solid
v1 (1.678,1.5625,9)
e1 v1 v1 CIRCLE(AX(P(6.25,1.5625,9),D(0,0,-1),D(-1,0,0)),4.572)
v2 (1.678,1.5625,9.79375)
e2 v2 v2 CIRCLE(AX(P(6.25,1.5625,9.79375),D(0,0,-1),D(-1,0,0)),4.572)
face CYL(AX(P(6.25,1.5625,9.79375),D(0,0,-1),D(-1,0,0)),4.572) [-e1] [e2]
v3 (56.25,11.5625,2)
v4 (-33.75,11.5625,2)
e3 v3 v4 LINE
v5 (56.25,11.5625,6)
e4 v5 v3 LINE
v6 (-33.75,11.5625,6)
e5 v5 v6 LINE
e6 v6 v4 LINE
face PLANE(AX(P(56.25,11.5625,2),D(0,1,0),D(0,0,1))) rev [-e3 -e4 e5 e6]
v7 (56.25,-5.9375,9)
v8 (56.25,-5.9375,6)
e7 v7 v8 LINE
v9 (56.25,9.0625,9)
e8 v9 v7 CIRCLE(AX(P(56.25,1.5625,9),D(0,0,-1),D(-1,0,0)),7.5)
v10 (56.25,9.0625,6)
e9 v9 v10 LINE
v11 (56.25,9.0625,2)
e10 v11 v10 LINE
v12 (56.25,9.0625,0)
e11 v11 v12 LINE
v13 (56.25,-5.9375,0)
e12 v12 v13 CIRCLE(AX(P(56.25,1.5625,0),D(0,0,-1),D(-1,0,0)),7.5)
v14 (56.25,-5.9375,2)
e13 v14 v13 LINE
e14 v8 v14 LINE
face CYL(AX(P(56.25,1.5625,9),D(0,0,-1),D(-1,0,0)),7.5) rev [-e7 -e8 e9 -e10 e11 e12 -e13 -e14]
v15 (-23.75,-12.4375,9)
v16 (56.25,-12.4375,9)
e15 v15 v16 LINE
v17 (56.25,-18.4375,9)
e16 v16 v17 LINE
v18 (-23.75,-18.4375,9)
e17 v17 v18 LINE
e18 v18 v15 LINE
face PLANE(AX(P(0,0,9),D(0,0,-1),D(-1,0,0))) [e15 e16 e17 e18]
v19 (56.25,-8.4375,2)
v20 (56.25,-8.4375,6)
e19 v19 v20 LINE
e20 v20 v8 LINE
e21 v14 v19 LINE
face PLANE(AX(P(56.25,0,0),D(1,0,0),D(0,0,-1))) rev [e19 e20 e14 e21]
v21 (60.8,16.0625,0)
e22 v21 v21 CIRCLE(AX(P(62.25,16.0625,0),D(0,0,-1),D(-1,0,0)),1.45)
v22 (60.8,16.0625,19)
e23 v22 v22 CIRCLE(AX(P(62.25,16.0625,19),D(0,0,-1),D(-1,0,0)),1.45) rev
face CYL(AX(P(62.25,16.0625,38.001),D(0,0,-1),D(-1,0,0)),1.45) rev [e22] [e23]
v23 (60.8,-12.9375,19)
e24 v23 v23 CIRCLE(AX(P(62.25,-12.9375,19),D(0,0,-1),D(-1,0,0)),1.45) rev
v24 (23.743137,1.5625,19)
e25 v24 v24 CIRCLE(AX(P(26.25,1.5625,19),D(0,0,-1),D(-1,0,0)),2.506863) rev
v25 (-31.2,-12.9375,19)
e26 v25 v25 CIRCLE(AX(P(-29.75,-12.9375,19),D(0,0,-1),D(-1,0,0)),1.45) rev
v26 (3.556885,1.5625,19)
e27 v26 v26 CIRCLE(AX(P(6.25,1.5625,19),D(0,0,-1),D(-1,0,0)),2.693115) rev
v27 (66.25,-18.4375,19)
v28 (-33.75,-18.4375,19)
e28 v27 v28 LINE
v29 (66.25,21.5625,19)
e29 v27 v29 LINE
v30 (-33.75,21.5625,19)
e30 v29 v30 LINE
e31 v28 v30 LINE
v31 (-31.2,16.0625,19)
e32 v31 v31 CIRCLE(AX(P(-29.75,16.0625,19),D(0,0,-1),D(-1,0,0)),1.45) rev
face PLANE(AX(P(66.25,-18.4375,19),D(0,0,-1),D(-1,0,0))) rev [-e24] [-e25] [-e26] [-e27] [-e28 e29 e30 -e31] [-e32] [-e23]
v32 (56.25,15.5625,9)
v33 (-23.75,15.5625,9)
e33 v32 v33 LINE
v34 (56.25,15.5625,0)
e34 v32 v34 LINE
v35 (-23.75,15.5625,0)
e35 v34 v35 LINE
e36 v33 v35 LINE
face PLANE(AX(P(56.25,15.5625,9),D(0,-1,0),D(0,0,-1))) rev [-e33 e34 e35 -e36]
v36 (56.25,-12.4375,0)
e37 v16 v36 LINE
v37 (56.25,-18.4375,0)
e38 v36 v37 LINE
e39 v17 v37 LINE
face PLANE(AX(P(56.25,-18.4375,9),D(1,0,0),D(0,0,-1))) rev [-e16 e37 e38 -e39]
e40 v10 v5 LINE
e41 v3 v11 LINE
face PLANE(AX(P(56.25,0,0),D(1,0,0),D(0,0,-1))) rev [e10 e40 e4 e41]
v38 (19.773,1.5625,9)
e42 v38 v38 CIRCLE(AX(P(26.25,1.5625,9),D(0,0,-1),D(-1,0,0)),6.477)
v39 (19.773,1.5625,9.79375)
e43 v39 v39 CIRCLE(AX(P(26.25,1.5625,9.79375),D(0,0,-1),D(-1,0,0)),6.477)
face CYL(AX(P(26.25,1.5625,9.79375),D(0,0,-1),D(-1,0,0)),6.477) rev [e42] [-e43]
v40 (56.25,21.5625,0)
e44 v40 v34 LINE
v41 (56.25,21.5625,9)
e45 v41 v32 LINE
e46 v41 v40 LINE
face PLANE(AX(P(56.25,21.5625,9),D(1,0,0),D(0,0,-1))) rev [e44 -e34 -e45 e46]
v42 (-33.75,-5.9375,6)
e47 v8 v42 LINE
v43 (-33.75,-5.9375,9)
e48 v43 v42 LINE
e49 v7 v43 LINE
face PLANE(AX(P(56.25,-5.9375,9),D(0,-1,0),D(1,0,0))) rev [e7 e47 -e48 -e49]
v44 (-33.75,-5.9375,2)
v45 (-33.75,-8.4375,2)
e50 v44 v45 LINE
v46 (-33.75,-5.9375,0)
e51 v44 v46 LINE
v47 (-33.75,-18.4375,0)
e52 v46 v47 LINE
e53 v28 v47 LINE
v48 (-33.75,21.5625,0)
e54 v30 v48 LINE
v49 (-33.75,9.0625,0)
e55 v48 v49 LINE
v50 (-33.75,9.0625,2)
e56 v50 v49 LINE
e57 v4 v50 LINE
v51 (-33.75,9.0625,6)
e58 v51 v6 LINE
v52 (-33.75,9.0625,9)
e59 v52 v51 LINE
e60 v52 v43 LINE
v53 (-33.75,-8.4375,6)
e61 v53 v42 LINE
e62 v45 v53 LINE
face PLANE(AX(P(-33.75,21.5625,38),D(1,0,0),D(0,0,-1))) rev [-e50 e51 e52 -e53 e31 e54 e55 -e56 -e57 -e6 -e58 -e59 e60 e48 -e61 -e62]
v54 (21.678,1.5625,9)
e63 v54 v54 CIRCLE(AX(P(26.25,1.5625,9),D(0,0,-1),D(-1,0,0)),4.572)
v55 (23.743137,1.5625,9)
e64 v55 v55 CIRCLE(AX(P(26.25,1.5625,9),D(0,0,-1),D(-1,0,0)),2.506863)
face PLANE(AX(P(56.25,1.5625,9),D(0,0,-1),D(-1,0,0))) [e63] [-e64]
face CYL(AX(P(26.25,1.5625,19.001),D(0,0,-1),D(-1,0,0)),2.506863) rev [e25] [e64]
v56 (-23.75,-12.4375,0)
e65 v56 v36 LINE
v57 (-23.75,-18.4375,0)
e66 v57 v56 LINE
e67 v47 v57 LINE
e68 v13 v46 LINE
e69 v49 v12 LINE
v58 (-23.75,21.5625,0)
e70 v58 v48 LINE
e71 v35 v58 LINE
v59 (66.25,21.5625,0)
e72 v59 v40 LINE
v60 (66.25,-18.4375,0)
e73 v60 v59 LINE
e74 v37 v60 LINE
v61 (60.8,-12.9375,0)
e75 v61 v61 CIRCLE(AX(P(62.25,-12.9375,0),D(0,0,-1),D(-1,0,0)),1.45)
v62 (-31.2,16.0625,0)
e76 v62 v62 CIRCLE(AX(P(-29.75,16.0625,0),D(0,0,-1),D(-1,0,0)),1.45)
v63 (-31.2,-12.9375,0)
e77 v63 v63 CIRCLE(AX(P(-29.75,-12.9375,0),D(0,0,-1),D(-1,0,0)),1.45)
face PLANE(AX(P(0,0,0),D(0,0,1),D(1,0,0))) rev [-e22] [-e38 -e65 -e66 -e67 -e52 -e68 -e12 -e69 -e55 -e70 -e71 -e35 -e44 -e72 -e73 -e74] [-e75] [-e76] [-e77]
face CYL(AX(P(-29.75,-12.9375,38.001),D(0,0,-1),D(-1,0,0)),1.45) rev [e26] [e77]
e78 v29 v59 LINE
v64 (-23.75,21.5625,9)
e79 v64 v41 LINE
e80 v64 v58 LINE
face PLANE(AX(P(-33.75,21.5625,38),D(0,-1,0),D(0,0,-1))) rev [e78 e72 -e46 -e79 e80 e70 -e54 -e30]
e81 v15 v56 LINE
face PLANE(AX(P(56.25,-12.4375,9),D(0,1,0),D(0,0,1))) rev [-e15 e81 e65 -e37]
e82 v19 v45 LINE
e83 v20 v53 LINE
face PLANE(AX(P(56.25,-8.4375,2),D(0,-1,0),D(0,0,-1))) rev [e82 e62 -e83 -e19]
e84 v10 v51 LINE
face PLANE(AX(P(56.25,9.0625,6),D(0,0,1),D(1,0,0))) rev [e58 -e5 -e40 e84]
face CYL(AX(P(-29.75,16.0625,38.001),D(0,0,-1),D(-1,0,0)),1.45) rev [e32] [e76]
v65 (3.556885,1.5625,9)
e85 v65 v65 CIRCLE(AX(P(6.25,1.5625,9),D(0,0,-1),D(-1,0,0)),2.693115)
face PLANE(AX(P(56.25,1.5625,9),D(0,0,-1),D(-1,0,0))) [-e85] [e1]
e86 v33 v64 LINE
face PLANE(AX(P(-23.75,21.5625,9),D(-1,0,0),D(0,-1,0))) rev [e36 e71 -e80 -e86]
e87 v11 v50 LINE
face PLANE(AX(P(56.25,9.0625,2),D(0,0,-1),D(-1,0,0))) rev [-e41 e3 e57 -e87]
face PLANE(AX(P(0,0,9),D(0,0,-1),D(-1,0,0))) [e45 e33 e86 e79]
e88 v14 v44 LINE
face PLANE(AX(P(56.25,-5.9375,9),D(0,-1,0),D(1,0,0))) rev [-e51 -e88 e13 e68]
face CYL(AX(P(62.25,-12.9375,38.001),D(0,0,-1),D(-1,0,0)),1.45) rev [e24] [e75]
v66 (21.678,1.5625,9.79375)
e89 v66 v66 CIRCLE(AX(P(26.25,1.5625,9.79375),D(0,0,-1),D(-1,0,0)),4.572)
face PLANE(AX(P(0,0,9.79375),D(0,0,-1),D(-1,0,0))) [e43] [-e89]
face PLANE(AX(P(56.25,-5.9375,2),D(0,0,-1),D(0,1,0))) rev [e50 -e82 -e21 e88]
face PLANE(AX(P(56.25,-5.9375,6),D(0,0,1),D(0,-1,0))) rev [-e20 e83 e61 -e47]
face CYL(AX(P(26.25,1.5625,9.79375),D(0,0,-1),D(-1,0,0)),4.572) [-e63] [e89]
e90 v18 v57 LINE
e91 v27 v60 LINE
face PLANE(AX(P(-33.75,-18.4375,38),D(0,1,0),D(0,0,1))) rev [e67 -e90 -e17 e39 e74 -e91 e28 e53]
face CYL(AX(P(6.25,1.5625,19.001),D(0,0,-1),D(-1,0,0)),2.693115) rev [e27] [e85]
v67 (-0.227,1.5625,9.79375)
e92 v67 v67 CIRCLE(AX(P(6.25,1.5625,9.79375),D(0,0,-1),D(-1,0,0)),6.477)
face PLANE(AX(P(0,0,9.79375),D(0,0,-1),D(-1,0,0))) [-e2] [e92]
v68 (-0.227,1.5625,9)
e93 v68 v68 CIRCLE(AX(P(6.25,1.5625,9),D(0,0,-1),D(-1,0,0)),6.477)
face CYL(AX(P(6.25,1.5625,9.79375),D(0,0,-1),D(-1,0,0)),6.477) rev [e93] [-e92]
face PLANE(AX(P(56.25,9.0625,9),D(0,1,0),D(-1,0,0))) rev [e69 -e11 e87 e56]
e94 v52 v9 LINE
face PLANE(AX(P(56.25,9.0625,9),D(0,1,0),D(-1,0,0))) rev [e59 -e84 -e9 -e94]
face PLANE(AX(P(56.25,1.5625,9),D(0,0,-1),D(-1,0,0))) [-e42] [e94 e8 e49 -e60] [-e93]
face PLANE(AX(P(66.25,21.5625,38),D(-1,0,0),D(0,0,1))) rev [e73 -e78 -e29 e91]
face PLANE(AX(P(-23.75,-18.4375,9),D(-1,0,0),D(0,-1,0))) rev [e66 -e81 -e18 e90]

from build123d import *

# Parameters (mm, degrees)
SKETCH1_W           = 100
SKETCH1_H           = 40
BOSS_EXTRUDE1_DEPTH = 38
CUT_EXTRUDE4_REACH  = 81.36
SKETCH4_R           = 1.45
SKETCH6_W           = 100
SKETCH6_H           = 19
CUT_EXTRUDE5_DEPTH  = 87.215210375
CUT_EXTRUDE12_DEPTH = 9
CUT_EXTRUDE13_REACH = 72.385
SKETCH18_R          = 2.506862912
SKETCH18_R_2        = 2.693115416
SKETCH19_R          = 6.477
SKETCH19_R_2        = 4.572
CUT_EXTRUDE14_DEPTH = 0.79375
SKETCH21_W          = 10
SKETCH21_H          = 15
CUT_EXTRUDE15_DEPTH = 9
SKETCH22_W          = 4
SKETCH22_H          = 2.5
CUT_EXTRUDE16_DEPTH = 90
SKETCH23_W          = 80
SKETCH23_H          = 6
CUT_EXTRUDE17_DEPTH = 9


with BuildPart() as part:
    # Sketch1 → Boss-Extrude1 (new body)
    with BuildSketch(Plane.XY):
        with Locations((16.25, 1.5625)):
            Rectangle(SKETCH1_W, SKETCH1_H)
    extrude(amount=BOSS_EXTRUDE1_DEPTH)

    # Sketch4 → Cut-Extrude4 (cut, up to next)
    with BuildSketch(Plane(origin=(0, 0, 0), x_dir=(-1, 0, 0), z_dir=(0, 0, -1)), mode=Mode.PRIVATE) as cut_extrude4_sk1:
        with Locations((-62.25, 16.0625)):
            Circle(SKETCH4_R)
    cut_extrude4_tool1 = extrude(cut_extrude4_sk1.sketch, amount=-CUT_EXTRUDE4_REACH, mode=Mode.PRIVATE) & part.part
    # Sketch4 → Cut-Extrude4 (cut, up to next)
    with BuildSketch(Plane(origin=(0, 0, 0), x_dir=(-1, 0, 0), z_dir=(0, 0, -1)), mode=Mode.PRIVATE) as cut_extrude4_sk2:
        with Locations((-62.25, -12.9375)):
            Circle(SKETCH4_R)
    cut_extrude4_tool2 = extrude(cut_extrude4_sk2.sketch, amount=-CUT_EXTRUDE4_REACH, mode=Mode.PRIVATE) & part.part
    # Sketch4 → Cut-Extrude4 (cut, up to next)
    with BuildSketch(Plane(origin=(0, 0, 0), x_dir=(-1, 0, 0), z_dir=(0, 0, -1)), mode=Mode.PRIVATE) as cut_extrude4_sk3:
        with Locations((29.75, 16.0625)):
            Circle(SKETCH4_R)
    cut_extrude4_tool3 = extrude(cut_extrude4_sk3.sketch, amount=-CUT_EXTRUDE4_REACH, mode=Mode.PRIVATE) & part.part
    # Sketch4 → Cut-Extrude4 (cut, up to next)
    with BuildSketch(Plane(origin=(0, 0, 0), x_dir=(-1, 0, 0), z_dir=(0, 0, -1)), mode=Mode.PRIVATE) as cut_extrude4_sk4:
        with Locations((29.75, -12.9375)):
            Circle(SKETCH4_R)
    cut_extrude4_tool4 = extrude(cut_extrude4_sk4.sketch, amount=-CUT_EXTRUDE4_REACH, mode=Mode.PRIVATE) & part.part
    add(cut_extrude4_tool1.solids().sort_by_distance((62.25, 16.0625, 0))[0], mode=Mode.SUBTRACT)
    add(cut_extrude4_tool2.solids().sort_by_distance((62.25, -12.9375, 0))[0], mode=Mode.SUBTRACT)
    add(cut_extrude4_tool3.solids().sort_by_distance((-29.75, 16.0625, 0))[0], mode=Mode.SUBTRACT)
    add(cut_extrude4_tool4.solids().sort_by_distance((-29.75, -12.9375, 0))[0], mode=Mode.SUBTRACT)

    # Sketch6 → Cut-Extrude5 (cut, through all)
    with BuildSketch(Plane(origin=(0, 21.5625, 0), x_dir=(1, 0, 0), z_dir=(0, 1, 0))):
        with Locations((16.25, -28.5)):
            Rectangle(SKETCH6_W, SKETCH6_H)
    extrude(amount=-CUT_EXTRUDE5_DEPTH, mode=Mode.SUBTRACT)

    # Sketch17 → Cut-Extrude12 (cut)
    with BuildSketch(Plane(origin=(0, 0, 0), x_dir=(-1, 0, 0), z_dir=(0, 0, -1))):
        with BuildLine():
            Line((-56.25, 9.0625), (23.75, 9.0625))
            ThreePointArc((23.75, 9.0625), (31.25, 1.5625), (23.75, -5.9375))
            Line((23.75, -5.9375), (-56.25, -5.9375))
            ThreePointArc((-56.25, -5.9375), (-63.75, 1.5625), (-56.25, 9.0625))
        make_face()
    extrude(amount=-CUT_EXTRUDE12_DEPTH, mode=Mode.SUBTRACT)

    # Sketch18 → Cut-Extrude13 (cut, up to next)
    with BuildSketch(Plane(origin=(0, 0, 9), x_dir=(-1, 0, 0), z_dir=(0, 0, -1)), mode=Mode.PRIVATE) as cut_extrude13_sk1:
        with Locations((-26.25, 1.5625)):
            Circle(SKETCH18_R)
    cut_extrude13_tool1 = extrude(cut_extrude13_sk1.sketch, amount=-CUT_EXTRUDE13_REACH, mode=Mode.PRIVATE) & part.part
    # Sketch18 → Cut-Extrude13 (cut, up to next)
    with BuildSketch(Plane(origin=(0, 0, 9), x_dir=(-1, 0, 0), z_dir=(0, 0, -1)), mode=Mode.PRIVATE) as cut_extrude13_sk2:
        with Locations((-6.25, 1.5625)):
            Circle(SKETCH18_R_2)
    cut_extrude13_tool2 = extrude(cut_extrude13_sk2.sketch, amount=-CUT_EXTRUDE13_REACH, mode=Mode.PRIVATE) & part.part
    add(cut_extrude13_tool1.solids().sort_by_distance((26.25, 1.5625, 9))[0], mode=Mode.SUBTRACT)
    add(cut_extrude13_tool2.solids().sort_by_distance((6.25, 1.5625, 9))[0], mode=Mode.SUBTRACT)

    # Sketch19 → Cut-Extrude14 (cut)
    # profile 1 of 2: a face of its own
    with BuildSketch(Plane(origin=(0, 0, 9), x_dir=(-1, 0, 0), z_dir=(0, 0, -1))):
        with Locations((-26.25, 1.5625)):
            Circle(SKETCH19_R)
        with Locations((-26.25, 1.5625)):
            Circle(SKETCH19_R_2, mode=Mode.SUBTRACT)
    # profile 2 of 2: a face of its own
    with BuildSketch(Plane(origin=(0, 0, 9), x_dir=(-1, 0, 0), z_dir=(0, 0, -1))):
        with Locations((-6.25, 1.5625)):
            Circle(SKETCH19_R)
        with Locations((-6.25, 1.5625)):
            Circle(SKETCH19_R_2, mode=Mode.SUBTRACT)
    extrude(amount=-CUT_EXTRUDE14_DEPTH, mode=Mode.SUBTRACT)

    # Sketch21 → Cut-Extrude15 (cut)
    with BuildSketch(Plane(origin=(0, 0, 0), x_dir=(-1, 0, 0), z_dir=(0, 0, -1))):
        with Locations((28.75, 1.5625)):
            Rectangle(SKETCH21_W, SKETCH21_H)
    extrude(amount=-CUT_EXTRUDE15_DEPTH, mode=Mode.SUBTRACT)

    # Sketch22 → Cut-Extrude16 (cut)
    with BuildSketch(Plane.ZY.offset(33.75)):
        with Locations((4, 10.3125)):
            Rectangle(SKETCH22_W, SKETCH22_H)
        with Locations((4, -7.1875)):
            Rectangle(SKETCH22_W, SKETCH22_H)
    extrude(amount=-CUT_EXTRUDE16_DEPTH, mode=Mode.SUBTRACT)

    # Sketch23 → Cut-Extrude17 (cut)
    with BuildSketch(Plane(origin=(0, 0, 0), x_dir=(-1, 0, 0), z_dir=(0, 0, -1))):
        with Locations((-16.25, 18.5625)):
            Rectangle(SKETCH23_W, SKETCH23_H)
        with Locations((-16.25, -15.4375)):
            Rectangle(SKETCH23_W, SKETCH23_H)
    extrude(amount=-CUT_EXTRUDE17_DEPTH, mode=Mode.SUBTRACT)


solid = part.part
